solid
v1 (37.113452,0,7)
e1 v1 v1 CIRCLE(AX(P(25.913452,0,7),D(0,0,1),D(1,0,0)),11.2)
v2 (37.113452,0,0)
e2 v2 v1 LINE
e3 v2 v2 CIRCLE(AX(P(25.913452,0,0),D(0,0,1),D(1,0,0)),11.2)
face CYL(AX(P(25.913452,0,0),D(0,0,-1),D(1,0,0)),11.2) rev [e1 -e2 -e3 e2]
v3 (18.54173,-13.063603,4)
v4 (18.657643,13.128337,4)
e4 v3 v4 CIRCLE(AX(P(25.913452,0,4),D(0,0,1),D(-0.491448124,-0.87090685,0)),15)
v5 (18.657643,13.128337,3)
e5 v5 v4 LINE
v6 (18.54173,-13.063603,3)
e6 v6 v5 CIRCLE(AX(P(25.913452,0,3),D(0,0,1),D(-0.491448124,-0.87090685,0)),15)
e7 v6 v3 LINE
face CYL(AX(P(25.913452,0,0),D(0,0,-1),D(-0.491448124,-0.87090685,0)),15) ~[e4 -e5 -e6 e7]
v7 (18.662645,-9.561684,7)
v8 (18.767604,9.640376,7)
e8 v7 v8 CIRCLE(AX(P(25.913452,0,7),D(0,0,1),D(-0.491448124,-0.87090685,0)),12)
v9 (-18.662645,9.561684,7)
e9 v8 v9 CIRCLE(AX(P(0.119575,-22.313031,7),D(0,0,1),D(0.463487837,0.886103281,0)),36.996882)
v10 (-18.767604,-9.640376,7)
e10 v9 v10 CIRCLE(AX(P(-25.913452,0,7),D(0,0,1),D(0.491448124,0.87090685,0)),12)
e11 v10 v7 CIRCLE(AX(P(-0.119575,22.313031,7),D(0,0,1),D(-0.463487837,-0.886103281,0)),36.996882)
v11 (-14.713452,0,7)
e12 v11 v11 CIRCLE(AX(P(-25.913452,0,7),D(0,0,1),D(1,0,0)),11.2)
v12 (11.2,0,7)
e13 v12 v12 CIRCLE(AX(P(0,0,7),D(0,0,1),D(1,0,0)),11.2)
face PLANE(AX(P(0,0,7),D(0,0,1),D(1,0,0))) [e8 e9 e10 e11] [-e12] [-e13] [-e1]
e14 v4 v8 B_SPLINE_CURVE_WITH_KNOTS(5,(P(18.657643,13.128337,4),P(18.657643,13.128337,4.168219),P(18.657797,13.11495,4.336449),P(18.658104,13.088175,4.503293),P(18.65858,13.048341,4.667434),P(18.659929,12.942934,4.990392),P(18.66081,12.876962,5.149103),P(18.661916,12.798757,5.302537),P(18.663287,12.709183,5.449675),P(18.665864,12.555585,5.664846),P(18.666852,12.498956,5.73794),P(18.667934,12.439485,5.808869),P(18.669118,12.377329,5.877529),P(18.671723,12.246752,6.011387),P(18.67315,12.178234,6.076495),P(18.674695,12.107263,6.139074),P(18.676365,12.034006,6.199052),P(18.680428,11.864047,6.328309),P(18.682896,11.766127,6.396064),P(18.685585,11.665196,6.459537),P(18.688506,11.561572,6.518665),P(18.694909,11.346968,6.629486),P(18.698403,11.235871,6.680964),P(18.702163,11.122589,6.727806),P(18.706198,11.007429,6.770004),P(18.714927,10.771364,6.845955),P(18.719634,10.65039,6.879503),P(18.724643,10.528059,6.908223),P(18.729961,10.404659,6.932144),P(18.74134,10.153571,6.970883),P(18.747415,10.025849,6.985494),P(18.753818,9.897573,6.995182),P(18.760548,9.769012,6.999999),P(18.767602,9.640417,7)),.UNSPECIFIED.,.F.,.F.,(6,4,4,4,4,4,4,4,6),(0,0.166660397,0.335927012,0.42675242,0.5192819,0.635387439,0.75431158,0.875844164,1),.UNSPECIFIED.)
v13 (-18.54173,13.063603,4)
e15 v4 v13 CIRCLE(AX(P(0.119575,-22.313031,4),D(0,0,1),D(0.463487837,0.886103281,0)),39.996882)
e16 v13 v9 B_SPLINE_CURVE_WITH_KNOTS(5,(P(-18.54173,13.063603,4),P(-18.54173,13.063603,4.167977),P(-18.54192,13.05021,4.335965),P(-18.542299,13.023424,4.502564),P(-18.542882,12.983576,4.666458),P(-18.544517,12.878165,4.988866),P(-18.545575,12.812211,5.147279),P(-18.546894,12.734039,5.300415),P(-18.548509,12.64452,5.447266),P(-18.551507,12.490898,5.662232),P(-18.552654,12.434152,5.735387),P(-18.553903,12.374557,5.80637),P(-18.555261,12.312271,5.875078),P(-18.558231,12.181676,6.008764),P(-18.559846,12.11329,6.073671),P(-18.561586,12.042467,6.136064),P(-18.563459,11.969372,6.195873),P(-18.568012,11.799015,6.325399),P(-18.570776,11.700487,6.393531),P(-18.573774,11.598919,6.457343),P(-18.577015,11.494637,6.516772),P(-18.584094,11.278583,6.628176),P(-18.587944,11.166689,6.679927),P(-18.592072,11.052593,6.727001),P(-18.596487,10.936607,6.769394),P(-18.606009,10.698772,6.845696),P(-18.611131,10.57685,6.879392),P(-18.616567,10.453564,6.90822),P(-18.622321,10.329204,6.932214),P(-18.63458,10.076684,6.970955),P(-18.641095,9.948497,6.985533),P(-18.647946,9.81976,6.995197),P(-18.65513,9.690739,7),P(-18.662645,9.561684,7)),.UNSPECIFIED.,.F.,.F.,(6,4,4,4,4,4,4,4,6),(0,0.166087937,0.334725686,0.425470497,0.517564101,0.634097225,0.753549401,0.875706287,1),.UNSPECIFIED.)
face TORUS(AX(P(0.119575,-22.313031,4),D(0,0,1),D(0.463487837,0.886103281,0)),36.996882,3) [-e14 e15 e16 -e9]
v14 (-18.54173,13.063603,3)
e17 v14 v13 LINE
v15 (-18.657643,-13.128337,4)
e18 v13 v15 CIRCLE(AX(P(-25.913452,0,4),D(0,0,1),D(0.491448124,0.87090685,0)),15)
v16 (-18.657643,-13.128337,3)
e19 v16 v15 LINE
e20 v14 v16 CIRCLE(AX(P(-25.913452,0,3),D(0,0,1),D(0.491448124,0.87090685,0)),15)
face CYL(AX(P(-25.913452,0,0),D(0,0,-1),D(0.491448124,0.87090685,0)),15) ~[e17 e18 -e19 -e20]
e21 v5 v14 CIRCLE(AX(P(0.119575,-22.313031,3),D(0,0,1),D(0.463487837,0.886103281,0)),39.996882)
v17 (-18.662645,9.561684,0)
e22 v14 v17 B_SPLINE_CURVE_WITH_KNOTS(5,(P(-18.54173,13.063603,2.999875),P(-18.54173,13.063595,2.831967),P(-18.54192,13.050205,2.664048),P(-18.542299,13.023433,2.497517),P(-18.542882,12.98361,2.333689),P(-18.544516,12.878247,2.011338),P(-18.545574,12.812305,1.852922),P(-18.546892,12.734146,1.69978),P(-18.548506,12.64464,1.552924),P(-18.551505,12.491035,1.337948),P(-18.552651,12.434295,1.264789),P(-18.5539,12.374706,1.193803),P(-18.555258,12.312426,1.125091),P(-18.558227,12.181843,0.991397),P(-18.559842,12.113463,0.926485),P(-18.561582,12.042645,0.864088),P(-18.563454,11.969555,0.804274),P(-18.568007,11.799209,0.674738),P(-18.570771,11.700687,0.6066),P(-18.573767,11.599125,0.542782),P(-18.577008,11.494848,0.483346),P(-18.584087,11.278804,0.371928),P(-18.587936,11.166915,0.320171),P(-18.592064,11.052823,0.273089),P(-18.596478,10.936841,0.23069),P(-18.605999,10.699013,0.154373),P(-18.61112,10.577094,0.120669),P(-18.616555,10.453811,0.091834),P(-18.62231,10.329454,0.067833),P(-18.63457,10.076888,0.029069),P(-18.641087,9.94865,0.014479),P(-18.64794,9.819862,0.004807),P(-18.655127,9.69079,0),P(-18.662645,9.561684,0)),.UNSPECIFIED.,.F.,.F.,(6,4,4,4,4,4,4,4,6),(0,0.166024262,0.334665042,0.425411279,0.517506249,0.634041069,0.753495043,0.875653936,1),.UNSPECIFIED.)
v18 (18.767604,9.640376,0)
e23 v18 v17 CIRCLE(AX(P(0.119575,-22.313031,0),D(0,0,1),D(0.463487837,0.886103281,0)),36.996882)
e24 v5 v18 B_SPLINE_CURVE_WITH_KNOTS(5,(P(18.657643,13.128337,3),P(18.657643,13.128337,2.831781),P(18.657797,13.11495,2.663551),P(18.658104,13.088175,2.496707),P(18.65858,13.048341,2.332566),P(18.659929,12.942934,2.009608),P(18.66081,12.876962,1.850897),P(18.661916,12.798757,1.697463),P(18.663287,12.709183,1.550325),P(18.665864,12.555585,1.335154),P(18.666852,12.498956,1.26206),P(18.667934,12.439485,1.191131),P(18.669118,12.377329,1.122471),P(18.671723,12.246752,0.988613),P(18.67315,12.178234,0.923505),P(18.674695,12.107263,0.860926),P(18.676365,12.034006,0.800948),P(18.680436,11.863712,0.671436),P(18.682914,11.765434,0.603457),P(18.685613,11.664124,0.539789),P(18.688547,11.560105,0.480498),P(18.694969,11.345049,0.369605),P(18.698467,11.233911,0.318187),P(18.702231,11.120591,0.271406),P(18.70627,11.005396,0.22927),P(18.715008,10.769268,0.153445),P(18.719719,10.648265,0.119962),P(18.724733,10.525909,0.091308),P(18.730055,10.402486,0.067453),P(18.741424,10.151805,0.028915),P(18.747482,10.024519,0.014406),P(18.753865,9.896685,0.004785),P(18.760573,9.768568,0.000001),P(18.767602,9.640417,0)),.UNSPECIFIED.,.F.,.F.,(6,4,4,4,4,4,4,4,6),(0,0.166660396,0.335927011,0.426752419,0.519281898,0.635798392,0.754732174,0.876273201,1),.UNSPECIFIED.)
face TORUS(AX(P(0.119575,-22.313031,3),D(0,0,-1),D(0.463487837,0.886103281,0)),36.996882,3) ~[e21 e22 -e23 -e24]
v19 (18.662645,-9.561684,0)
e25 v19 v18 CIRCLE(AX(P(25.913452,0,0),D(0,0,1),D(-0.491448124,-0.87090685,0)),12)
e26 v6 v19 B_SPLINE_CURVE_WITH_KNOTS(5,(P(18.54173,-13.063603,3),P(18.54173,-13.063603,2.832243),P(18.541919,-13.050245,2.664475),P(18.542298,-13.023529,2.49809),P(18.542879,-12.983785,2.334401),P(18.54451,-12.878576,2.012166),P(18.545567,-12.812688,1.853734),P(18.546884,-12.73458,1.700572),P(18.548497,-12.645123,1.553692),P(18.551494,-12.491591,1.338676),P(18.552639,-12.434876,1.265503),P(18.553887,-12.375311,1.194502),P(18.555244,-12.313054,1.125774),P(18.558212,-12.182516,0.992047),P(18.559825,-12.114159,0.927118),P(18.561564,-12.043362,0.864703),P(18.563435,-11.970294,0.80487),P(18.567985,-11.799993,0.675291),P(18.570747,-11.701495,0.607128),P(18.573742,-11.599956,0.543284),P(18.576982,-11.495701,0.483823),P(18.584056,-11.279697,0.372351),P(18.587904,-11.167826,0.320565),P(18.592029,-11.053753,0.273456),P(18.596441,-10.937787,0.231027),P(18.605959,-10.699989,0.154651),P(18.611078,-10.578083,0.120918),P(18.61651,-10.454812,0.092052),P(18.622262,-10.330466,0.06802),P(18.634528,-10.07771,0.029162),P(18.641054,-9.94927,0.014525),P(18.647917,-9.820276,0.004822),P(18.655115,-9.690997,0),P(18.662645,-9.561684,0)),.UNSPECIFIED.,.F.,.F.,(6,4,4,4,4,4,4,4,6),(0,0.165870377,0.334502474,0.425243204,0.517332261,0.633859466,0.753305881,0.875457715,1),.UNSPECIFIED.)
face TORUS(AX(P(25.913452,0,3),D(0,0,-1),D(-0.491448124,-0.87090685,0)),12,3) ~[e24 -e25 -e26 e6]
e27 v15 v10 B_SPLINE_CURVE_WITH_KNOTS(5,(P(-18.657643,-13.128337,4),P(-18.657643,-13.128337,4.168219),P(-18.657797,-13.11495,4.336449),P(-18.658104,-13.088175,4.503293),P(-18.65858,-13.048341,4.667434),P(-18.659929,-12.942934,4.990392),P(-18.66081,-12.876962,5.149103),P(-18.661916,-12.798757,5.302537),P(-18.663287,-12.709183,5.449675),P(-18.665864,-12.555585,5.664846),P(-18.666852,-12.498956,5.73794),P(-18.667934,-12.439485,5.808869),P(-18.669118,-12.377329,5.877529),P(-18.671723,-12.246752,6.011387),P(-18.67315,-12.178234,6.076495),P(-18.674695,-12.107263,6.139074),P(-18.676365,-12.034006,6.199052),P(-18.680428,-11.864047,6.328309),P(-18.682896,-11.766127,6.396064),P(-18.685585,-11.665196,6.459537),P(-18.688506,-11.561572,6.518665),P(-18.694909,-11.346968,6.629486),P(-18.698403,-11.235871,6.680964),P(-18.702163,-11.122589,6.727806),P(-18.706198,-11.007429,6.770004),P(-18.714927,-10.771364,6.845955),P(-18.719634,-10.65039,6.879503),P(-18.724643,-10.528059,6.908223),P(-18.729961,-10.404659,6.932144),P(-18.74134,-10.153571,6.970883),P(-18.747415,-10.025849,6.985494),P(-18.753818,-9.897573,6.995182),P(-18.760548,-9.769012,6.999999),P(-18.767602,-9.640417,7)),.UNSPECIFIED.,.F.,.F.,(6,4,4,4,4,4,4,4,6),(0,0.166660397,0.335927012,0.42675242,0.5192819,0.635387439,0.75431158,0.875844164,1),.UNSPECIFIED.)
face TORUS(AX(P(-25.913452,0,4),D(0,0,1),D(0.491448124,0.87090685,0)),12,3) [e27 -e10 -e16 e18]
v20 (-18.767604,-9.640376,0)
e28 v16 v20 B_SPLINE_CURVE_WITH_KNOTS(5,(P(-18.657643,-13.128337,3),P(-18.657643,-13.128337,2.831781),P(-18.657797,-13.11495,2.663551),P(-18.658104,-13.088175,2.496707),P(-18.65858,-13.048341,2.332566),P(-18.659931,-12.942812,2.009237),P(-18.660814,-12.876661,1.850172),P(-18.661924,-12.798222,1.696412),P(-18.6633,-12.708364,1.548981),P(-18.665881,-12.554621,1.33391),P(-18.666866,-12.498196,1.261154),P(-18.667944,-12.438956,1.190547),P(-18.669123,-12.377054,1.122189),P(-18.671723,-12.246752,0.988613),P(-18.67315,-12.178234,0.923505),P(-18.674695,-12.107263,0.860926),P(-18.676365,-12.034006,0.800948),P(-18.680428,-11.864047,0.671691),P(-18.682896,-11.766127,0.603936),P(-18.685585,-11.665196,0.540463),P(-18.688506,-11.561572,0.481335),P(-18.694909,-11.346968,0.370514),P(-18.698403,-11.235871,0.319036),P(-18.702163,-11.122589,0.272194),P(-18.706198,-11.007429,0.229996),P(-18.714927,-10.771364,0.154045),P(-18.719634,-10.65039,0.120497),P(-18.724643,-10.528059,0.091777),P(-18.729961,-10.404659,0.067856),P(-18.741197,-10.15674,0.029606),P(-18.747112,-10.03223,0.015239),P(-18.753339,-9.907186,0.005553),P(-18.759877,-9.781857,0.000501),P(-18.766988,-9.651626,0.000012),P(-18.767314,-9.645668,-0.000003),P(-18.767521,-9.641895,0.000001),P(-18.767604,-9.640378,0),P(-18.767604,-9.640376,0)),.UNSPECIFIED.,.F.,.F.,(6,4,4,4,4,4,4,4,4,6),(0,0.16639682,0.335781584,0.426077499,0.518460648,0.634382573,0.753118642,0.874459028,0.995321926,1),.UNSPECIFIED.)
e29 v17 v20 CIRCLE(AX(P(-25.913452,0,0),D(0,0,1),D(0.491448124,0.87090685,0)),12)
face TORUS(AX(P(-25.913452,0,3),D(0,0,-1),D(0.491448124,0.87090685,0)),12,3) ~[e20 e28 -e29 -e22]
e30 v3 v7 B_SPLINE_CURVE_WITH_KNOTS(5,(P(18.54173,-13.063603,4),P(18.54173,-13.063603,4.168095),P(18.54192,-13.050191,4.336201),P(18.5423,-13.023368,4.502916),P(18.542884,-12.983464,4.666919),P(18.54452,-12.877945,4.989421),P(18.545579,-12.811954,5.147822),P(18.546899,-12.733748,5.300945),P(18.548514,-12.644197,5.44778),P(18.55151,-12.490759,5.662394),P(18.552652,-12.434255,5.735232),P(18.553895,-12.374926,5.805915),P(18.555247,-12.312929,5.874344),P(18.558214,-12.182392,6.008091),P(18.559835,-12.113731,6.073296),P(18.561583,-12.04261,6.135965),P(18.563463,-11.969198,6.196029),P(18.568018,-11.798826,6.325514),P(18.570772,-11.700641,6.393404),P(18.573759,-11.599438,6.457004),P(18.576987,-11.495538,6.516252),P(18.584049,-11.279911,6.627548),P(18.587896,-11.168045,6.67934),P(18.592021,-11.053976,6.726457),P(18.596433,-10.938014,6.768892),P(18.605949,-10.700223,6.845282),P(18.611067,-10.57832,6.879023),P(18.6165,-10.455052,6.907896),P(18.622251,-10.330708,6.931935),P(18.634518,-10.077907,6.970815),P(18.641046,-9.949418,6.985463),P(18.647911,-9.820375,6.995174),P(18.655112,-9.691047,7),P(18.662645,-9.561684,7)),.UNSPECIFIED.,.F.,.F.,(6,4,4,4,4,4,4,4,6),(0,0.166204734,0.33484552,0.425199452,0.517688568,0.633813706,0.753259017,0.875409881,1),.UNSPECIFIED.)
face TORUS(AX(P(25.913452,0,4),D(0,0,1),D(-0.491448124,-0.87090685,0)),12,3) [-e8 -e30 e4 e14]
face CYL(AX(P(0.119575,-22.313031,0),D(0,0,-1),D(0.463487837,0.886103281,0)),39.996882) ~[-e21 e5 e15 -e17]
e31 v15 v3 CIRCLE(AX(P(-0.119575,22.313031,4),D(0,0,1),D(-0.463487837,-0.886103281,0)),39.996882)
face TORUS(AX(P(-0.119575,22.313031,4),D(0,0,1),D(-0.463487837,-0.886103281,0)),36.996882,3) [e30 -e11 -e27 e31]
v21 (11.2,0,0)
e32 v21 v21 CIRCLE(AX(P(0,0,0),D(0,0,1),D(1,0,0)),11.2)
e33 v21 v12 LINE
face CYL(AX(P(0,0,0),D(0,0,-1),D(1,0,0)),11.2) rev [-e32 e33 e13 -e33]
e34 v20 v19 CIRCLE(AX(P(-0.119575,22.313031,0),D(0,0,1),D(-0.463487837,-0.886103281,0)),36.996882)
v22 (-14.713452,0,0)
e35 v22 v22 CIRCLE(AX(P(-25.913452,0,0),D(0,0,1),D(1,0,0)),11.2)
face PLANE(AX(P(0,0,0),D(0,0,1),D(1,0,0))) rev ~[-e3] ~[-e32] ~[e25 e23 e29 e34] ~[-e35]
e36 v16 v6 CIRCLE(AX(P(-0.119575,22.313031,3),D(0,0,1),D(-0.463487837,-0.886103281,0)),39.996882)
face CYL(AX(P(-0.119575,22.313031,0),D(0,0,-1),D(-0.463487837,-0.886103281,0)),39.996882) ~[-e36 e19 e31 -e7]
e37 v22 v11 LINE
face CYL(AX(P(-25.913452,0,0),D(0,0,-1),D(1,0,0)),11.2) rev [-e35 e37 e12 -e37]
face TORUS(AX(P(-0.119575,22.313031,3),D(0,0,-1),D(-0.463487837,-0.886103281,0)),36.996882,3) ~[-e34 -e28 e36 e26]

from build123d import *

# Parameters (mm, degrees)
F0_R     = 11.2
F1_DEPTH = 7
F2_R     = 3


with BuildPart() as f1:
    # F0 (on Top) → F1 (new body)
    with BuildSketch(Plane.XY):
        with BuildLine():
            ThreePointArc((18.657643, 13.128337), (0.049973, 17.68379), (-18.54173, 13.063603))
            ThreePointArc((-18.54173, 13.063603), (-40.913305, 0.066382), (-18.657643, -13.128337))
            ThreePointArc((-18.657643, -13.128337), (-0.049973, -17.68379), (18.54173, -13.063603))
            ThreePointArc((18.54173, -13.063603), (40.913305, -0.066382), (18.657643, 13.128337))
        make_face()
        with Locations((-25.913452, 0)):
            Circle(F0_R, mode=Mode.SUBTRACT)
        Circle(F0_R, mode=Mode.SUBTRACT)
        with Locations((25.913452, 0)):
            Circle(F0_R, mode=Mode.SUBTRACT)
    extrude(amount=F1_DEPTH)

    # F2
    f2_edges = [f1.edges().sort_by_distance(p)[0] for p in [
        (0.049973, 17.68379, 7),
        (40.913305, -0.066382, 7),
        (-0.049973, -17.68379, 7),
        (-40.913305, 0.066382, 0),
        (0.049973, 17.68379, 0),
        (40.913305, -0.066382, 0),
        (-0.049973, -17.68379, 0),
        (-40.913305, 0.066382, 7),
    ]]
    fillet(f2_edges, radius=F2_R)


solid = f1.part
